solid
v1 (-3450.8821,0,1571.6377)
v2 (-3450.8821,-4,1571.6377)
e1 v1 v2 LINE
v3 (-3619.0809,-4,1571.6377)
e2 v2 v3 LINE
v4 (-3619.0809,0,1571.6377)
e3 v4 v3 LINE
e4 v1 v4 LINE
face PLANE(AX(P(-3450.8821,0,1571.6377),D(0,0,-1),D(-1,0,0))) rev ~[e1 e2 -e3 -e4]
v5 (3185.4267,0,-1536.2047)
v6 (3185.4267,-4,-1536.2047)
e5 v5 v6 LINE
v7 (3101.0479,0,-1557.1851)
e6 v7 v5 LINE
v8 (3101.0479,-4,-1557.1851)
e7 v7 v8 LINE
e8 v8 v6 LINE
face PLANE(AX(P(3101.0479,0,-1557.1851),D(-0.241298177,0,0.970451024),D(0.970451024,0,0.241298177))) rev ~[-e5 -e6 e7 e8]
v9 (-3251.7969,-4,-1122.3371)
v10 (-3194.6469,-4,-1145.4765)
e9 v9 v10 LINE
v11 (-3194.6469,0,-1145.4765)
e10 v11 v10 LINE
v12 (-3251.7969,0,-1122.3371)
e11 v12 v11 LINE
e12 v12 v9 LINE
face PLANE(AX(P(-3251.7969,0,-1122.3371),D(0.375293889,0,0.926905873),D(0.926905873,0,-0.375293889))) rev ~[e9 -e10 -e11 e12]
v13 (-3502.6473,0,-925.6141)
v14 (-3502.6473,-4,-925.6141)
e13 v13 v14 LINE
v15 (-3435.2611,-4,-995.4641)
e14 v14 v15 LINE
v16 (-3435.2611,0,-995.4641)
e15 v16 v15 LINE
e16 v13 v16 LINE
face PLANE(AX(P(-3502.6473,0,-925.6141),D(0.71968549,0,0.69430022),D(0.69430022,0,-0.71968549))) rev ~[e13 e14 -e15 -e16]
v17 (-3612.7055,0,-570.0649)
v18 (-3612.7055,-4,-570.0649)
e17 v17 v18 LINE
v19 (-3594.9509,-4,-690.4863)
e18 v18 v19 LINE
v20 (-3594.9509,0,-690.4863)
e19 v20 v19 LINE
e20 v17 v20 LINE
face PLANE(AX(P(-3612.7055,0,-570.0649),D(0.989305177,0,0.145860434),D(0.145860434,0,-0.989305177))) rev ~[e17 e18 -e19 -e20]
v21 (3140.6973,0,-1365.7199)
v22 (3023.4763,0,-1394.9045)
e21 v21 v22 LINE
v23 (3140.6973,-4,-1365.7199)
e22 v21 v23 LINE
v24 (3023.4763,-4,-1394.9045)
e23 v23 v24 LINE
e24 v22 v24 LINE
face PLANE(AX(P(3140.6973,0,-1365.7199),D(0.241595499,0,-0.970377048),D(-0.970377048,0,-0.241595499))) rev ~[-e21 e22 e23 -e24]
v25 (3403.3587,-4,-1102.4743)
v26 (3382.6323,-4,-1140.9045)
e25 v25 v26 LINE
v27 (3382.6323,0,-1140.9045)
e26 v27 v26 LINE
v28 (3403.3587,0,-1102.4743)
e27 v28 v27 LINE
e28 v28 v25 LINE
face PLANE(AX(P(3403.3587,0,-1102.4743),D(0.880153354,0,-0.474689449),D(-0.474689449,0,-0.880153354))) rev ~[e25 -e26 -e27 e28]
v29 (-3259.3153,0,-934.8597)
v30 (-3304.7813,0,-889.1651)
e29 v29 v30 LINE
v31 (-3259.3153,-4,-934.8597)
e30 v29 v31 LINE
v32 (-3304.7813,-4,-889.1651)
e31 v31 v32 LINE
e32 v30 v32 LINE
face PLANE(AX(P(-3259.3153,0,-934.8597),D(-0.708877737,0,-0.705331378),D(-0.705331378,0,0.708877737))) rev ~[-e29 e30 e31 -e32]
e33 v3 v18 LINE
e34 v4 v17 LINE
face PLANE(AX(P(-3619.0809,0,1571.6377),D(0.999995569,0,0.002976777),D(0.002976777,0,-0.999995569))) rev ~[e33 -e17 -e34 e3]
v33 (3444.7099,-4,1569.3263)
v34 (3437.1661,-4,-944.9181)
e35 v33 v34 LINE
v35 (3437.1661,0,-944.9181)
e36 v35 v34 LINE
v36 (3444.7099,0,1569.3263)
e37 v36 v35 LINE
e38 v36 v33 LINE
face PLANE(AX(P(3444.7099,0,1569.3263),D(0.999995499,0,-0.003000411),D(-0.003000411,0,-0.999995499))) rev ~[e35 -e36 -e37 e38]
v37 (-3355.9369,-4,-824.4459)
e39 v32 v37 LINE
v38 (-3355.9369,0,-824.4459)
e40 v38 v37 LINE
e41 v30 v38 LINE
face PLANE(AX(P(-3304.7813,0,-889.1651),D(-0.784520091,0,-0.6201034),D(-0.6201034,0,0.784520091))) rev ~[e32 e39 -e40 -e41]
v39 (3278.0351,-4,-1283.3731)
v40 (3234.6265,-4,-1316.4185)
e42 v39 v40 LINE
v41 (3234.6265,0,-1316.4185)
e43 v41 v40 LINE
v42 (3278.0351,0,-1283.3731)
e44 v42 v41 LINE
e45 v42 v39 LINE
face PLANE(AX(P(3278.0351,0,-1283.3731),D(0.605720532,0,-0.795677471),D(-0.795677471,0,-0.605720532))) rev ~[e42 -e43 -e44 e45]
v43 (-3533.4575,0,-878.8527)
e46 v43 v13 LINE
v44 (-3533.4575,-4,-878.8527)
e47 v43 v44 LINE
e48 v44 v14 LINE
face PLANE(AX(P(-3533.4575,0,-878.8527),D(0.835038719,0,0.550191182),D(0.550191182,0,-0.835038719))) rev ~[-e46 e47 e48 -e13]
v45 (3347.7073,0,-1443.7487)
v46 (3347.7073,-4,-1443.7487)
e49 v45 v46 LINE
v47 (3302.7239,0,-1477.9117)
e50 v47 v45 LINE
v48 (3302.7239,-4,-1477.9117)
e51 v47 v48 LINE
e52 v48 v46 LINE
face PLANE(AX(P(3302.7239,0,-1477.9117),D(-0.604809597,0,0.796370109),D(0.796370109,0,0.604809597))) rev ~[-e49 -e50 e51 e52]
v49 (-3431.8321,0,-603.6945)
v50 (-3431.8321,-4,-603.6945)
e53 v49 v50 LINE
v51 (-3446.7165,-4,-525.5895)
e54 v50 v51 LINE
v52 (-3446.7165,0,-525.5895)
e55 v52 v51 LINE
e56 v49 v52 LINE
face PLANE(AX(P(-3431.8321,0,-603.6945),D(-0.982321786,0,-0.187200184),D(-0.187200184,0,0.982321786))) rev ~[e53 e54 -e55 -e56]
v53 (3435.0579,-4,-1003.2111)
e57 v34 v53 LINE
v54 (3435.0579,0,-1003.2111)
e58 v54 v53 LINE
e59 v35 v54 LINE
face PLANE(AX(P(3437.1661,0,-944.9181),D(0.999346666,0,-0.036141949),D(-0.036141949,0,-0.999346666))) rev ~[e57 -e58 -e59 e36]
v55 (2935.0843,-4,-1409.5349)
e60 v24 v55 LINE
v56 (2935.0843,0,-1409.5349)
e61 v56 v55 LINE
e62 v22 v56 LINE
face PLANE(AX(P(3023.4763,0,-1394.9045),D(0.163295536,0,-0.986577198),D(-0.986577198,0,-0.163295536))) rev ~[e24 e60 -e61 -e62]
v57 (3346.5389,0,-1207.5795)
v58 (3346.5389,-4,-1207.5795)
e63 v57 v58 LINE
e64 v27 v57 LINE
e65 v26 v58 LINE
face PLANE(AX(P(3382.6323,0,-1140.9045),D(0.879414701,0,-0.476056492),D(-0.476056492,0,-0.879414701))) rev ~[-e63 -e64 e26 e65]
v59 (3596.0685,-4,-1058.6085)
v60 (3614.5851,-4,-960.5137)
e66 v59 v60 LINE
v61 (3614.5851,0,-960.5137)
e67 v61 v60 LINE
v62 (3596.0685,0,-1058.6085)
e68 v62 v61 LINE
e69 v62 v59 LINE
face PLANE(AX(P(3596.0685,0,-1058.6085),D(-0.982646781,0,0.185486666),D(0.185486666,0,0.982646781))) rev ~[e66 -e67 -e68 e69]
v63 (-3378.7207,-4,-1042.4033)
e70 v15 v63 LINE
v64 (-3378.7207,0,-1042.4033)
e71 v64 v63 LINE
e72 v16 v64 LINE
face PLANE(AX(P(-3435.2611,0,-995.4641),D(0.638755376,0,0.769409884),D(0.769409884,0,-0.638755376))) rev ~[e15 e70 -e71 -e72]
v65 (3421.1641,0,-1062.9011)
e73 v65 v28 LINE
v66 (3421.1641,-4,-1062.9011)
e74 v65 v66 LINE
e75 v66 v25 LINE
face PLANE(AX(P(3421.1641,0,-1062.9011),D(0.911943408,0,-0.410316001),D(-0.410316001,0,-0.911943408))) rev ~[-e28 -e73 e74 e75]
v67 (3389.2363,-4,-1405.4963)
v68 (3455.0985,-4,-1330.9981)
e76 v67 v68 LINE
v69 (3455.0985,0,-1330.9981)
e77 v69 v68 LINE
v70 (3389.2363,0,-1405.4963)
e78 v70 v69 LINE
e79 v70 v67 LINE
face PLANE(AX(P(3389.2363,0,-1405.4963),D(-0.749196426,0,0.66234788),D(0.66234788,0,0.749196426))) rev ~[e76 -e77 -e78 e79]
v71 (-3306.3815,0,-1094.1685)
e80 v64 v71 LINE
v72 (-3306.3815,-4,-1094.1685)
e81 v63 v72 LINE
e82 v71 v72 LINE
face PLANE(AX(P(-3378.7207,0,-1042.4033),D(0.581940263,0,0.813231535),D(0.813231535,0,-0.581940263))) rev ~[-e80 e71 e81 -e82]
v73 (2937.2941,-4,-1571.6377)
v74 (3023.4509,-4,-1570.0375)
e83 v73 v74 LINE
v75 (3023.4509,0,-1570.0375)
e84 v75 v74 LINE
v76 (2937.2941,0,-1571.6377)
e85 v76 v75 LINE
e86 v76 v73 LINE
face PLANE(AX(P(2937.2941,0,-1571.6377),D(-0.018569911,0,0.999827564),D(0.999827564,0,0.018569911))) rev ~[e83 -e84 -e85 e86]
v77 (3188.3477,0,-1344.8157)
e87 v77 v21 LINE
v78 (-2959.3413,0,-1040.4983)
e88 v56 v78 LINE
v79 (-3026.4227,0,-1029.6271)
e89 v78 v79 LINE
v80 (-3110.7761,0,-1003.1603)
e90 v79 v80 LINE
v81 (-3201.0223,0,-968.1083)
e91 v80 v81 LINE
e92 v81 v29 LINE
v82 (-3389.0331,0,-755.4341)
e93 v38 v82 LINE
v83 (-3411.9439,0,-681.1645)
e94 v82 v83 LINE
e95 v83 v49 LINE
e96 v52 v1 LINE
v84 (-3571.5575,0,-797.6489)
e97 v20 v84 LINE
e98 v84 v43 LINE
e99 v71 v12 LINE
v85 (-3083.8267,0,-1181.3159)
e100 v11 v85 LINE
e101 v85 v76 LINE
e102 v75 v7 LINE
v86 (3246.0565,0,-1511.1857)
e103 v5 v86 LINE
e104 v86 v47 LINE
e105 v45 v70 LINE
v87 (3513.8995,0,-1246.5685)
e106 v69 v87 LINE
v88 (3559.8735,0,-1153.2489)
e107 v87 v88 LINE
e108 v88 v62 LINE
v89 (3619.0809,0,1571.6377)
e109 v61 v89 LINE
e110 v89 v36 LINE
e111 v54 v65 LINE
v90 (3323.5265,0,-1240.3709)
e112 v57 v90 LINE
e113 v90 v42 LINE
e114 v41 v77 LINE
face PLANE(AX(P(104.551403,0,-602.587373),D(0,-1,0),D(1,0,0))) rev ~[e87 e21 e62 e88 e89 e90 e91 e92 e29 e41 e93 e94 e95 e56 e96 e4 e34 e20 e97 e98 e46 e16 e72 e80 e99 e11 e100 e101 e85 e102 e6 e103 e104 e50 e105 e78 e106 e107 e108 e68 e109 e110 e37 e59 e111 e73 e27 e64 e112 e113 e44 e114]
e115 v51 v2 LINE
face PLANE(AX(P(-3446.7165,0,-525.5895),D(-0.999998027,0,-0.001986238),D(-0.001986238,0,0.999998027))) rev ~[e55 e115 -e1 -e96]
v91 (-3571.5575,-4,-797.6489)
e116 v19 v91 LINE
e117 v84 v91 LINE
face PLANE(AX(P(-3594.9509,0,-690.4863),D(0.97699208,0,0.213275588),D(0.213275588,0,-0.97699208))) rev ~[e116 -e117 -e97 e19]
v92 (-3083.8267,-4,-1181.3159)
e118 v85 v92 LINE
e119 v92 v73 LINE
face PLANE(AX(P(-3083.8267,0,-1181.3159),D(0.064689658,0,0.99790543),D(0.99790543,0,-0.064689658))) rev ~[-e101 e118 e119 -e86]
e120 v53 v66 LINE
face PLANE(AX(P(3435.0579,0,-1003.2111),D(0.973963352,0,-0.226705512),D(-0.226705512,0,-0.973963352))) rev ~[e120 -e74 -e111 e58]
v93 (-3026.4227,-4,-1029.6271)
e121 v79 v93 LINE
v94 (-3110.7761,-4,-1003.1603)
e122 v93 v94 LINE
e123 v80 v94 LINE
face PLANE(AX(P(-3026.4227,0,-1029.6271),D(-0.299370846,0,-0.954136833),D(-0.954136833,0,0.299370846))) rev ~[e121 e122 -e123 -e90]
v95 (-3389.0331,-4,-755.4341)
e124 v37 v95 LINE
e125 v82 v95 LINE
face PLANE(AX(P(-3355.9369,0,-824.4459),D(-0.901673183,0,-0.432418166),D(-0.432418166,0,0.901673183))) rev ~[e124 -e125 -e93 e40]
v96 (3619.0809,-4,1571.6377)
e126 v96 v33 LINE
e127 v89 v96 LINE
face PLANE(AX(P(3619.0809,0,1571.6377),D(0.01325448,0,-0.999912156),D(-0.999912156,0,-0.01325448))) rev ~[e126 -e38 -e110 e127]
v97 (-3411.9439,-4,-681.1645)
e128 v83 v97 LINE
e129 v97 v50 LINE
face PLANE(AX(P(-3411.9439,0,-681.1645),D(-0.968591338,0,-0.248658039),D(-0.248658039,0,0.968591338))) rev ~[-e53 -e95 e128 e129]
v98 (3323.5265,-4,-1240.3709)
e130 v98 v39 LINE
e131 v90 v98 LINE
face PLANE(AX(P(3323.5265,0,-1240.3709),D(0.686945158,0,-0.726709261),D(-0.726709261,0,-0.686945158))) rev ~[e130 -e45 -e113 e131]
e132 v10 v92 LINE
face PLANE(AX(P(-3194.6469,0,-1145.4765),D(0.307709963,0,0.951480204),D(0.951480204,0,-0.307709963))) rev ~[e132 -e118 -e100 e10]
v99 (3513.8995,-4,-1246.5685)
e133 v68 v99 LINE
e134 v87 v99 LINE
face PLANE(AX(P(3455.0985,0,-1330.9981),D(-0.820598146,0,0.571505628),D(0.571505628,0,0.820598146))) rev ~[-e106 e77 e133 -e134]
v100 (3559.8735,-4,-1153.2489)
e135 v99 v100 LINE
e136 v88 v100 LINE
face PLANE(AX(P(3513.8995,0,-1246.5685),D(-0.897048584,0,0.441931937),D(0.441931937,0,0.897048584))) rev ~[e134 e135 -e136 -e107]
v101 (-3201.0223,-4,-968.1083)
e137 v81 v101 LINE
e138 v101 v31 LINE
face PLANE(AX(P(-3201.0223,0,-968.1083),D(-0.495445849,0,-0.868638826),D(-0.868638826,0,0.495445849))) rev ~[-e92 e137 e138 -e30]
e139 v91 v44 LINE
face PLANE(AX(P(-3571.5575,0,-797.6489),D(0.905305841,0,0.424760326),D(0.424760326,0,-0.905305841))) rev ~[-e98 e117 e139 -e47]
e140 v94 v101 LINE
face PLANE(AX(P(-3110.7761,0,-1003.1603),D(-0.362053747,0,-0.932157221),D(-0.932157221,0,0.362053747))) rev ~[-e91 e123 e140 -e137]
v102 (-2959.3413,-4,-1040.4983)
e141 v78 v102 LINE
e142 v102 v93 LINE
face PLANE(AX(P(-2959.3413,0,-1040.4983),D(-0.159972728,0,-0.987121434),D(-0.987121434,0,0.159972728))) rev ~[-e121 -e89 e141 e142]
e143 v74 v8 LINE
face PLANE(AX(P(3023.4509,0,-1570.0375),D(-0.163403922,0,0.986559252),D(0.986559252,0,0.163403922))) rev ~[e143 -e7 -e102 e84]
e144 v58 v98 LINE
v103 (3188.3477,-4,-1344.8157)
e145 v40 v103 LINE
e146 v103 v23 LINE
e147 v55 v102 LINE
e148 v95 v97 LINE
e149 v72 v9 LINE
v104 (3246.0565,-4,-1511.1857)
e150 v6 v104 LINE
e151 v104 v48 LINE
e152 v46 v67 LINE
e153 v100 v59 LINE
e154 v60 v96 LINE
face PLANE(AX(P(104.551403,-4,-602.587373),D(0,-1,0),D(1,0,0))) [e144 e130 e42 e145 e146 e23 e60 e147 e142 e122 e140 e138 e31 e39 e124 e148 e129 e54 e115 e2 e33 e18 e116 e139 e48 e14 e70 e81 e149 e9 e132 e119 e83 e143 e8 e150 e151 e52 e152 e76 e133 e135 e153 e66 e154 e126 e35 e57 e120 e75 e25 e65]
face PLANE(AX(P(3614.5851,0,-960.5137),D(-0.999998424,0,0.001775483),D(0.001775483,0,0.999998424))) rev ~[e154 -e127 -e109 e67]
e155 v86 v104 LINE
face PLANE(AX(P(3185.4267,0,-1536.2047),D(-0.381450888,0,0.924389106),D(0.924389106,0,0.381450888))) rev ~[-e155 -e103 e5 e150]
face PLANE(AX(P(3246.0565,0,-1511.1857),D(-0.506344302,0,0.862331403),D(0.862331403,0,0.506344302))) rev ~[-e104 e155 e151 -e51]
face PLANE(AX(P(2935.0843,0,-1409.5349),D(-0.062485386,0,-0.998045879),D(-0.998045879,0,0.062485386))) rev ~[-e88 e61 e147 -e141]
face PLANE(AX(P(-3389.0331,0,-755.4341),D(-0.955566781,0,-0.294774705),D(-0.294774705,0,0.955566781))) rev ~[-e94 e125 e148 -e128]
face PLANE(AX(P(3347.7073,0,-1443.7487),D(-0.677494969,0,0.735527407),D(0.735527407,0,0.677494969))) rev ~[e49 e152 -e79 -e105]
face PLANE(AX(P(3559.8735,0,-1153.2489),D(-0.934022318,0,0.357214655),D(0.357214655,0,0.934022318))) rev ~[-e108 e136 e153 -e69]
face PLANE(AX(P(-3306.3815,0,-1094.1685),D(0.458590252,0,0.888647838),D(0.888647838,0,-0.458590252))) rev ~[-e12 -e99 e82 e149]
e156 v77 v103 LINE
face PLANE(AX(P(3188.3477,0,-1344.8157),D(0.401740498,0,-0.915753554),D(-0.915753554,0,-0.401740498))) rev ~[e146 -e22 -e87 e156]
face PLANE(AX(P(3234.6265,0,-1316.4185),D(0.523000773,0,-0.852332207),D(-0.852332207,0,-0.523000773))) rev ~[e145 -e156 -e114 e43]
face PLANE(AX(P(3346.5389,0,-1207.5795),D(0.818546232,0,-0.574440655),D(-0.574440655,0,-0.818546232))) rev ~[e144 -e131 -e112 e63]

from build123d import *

# Parameters (mm, degrees)
F1_DEPTH = 4


with BuildPart() as f1:
    # F0 (on Front) → F1 (new body)
    with BuildSketch(Plane.XZ):
        Polygon((-3450.8821, 1571.6377), (-3619.0809, 1571.6377), (-3612.7055, -570.0649), (-3594.9509, -690.4863), (-3571.5575, -797.6489), (-3533.4575, -878.8527), (-3502.6473, -925.6141), (-3435.2611, -995.4641), (-3378.7207, -1042.4033), (-3306.3815, -1094.1685), (-3251.7969, -1122.3371), (-3194.6469, -1145.4765), (-3083.8267, -1181.3159), (2937.2941, -1571.6377), (3023.4509, -1570.0375), (3101.0479, -1557.1851), (3185.4267, -1536.2047), (3246.0565, -1511.1857), (3302.7239, -1477.9117), (3347.7073, -1443.7487), (3389.2363, -1405.4963), (3455.0985, -1330.9981), (3513.8995, -1246.5685), (3559.8735, -1153.2489), (3596.0685, -1058.6085), (3614.5851, -960.5137), (3619.0809, 1571.6377), (3444.7099, 1569.3263), (3437.1661, -944.9181), (3435.0579, -1003.2111), (3421.1641, -1062.9011), (3403.3587, -1102.4743), (3382.6323, -1140.9045), (3346.5389, -1207.5795), (3323.5265, -1240.3709), (3278.0351, -1283.3731), (3234.6265, -1316.4185), (3188.3477, -1344.8157), (3140.6973, -1365.7199), (3023.4763, -1394.9045), (2935.0843, -1409.5349), (-2959.3413, -1040.4983), (-3026.4227, -1029.6271), (-3110.7761, -1003.1603), (-3201.0223, -968.1083), (-3259.3153, -934.8597), (-3304.7813, -889.1651), (-3355.9369, -824.4459), (-3389.0331, -755.4341), (-3411.9439, -681.1645), (-3431.8321, -603.6945), (-3446.7165, -525.5895), align=None)
    extrude(amount=F1_DEPTH)


solid = f1.part
